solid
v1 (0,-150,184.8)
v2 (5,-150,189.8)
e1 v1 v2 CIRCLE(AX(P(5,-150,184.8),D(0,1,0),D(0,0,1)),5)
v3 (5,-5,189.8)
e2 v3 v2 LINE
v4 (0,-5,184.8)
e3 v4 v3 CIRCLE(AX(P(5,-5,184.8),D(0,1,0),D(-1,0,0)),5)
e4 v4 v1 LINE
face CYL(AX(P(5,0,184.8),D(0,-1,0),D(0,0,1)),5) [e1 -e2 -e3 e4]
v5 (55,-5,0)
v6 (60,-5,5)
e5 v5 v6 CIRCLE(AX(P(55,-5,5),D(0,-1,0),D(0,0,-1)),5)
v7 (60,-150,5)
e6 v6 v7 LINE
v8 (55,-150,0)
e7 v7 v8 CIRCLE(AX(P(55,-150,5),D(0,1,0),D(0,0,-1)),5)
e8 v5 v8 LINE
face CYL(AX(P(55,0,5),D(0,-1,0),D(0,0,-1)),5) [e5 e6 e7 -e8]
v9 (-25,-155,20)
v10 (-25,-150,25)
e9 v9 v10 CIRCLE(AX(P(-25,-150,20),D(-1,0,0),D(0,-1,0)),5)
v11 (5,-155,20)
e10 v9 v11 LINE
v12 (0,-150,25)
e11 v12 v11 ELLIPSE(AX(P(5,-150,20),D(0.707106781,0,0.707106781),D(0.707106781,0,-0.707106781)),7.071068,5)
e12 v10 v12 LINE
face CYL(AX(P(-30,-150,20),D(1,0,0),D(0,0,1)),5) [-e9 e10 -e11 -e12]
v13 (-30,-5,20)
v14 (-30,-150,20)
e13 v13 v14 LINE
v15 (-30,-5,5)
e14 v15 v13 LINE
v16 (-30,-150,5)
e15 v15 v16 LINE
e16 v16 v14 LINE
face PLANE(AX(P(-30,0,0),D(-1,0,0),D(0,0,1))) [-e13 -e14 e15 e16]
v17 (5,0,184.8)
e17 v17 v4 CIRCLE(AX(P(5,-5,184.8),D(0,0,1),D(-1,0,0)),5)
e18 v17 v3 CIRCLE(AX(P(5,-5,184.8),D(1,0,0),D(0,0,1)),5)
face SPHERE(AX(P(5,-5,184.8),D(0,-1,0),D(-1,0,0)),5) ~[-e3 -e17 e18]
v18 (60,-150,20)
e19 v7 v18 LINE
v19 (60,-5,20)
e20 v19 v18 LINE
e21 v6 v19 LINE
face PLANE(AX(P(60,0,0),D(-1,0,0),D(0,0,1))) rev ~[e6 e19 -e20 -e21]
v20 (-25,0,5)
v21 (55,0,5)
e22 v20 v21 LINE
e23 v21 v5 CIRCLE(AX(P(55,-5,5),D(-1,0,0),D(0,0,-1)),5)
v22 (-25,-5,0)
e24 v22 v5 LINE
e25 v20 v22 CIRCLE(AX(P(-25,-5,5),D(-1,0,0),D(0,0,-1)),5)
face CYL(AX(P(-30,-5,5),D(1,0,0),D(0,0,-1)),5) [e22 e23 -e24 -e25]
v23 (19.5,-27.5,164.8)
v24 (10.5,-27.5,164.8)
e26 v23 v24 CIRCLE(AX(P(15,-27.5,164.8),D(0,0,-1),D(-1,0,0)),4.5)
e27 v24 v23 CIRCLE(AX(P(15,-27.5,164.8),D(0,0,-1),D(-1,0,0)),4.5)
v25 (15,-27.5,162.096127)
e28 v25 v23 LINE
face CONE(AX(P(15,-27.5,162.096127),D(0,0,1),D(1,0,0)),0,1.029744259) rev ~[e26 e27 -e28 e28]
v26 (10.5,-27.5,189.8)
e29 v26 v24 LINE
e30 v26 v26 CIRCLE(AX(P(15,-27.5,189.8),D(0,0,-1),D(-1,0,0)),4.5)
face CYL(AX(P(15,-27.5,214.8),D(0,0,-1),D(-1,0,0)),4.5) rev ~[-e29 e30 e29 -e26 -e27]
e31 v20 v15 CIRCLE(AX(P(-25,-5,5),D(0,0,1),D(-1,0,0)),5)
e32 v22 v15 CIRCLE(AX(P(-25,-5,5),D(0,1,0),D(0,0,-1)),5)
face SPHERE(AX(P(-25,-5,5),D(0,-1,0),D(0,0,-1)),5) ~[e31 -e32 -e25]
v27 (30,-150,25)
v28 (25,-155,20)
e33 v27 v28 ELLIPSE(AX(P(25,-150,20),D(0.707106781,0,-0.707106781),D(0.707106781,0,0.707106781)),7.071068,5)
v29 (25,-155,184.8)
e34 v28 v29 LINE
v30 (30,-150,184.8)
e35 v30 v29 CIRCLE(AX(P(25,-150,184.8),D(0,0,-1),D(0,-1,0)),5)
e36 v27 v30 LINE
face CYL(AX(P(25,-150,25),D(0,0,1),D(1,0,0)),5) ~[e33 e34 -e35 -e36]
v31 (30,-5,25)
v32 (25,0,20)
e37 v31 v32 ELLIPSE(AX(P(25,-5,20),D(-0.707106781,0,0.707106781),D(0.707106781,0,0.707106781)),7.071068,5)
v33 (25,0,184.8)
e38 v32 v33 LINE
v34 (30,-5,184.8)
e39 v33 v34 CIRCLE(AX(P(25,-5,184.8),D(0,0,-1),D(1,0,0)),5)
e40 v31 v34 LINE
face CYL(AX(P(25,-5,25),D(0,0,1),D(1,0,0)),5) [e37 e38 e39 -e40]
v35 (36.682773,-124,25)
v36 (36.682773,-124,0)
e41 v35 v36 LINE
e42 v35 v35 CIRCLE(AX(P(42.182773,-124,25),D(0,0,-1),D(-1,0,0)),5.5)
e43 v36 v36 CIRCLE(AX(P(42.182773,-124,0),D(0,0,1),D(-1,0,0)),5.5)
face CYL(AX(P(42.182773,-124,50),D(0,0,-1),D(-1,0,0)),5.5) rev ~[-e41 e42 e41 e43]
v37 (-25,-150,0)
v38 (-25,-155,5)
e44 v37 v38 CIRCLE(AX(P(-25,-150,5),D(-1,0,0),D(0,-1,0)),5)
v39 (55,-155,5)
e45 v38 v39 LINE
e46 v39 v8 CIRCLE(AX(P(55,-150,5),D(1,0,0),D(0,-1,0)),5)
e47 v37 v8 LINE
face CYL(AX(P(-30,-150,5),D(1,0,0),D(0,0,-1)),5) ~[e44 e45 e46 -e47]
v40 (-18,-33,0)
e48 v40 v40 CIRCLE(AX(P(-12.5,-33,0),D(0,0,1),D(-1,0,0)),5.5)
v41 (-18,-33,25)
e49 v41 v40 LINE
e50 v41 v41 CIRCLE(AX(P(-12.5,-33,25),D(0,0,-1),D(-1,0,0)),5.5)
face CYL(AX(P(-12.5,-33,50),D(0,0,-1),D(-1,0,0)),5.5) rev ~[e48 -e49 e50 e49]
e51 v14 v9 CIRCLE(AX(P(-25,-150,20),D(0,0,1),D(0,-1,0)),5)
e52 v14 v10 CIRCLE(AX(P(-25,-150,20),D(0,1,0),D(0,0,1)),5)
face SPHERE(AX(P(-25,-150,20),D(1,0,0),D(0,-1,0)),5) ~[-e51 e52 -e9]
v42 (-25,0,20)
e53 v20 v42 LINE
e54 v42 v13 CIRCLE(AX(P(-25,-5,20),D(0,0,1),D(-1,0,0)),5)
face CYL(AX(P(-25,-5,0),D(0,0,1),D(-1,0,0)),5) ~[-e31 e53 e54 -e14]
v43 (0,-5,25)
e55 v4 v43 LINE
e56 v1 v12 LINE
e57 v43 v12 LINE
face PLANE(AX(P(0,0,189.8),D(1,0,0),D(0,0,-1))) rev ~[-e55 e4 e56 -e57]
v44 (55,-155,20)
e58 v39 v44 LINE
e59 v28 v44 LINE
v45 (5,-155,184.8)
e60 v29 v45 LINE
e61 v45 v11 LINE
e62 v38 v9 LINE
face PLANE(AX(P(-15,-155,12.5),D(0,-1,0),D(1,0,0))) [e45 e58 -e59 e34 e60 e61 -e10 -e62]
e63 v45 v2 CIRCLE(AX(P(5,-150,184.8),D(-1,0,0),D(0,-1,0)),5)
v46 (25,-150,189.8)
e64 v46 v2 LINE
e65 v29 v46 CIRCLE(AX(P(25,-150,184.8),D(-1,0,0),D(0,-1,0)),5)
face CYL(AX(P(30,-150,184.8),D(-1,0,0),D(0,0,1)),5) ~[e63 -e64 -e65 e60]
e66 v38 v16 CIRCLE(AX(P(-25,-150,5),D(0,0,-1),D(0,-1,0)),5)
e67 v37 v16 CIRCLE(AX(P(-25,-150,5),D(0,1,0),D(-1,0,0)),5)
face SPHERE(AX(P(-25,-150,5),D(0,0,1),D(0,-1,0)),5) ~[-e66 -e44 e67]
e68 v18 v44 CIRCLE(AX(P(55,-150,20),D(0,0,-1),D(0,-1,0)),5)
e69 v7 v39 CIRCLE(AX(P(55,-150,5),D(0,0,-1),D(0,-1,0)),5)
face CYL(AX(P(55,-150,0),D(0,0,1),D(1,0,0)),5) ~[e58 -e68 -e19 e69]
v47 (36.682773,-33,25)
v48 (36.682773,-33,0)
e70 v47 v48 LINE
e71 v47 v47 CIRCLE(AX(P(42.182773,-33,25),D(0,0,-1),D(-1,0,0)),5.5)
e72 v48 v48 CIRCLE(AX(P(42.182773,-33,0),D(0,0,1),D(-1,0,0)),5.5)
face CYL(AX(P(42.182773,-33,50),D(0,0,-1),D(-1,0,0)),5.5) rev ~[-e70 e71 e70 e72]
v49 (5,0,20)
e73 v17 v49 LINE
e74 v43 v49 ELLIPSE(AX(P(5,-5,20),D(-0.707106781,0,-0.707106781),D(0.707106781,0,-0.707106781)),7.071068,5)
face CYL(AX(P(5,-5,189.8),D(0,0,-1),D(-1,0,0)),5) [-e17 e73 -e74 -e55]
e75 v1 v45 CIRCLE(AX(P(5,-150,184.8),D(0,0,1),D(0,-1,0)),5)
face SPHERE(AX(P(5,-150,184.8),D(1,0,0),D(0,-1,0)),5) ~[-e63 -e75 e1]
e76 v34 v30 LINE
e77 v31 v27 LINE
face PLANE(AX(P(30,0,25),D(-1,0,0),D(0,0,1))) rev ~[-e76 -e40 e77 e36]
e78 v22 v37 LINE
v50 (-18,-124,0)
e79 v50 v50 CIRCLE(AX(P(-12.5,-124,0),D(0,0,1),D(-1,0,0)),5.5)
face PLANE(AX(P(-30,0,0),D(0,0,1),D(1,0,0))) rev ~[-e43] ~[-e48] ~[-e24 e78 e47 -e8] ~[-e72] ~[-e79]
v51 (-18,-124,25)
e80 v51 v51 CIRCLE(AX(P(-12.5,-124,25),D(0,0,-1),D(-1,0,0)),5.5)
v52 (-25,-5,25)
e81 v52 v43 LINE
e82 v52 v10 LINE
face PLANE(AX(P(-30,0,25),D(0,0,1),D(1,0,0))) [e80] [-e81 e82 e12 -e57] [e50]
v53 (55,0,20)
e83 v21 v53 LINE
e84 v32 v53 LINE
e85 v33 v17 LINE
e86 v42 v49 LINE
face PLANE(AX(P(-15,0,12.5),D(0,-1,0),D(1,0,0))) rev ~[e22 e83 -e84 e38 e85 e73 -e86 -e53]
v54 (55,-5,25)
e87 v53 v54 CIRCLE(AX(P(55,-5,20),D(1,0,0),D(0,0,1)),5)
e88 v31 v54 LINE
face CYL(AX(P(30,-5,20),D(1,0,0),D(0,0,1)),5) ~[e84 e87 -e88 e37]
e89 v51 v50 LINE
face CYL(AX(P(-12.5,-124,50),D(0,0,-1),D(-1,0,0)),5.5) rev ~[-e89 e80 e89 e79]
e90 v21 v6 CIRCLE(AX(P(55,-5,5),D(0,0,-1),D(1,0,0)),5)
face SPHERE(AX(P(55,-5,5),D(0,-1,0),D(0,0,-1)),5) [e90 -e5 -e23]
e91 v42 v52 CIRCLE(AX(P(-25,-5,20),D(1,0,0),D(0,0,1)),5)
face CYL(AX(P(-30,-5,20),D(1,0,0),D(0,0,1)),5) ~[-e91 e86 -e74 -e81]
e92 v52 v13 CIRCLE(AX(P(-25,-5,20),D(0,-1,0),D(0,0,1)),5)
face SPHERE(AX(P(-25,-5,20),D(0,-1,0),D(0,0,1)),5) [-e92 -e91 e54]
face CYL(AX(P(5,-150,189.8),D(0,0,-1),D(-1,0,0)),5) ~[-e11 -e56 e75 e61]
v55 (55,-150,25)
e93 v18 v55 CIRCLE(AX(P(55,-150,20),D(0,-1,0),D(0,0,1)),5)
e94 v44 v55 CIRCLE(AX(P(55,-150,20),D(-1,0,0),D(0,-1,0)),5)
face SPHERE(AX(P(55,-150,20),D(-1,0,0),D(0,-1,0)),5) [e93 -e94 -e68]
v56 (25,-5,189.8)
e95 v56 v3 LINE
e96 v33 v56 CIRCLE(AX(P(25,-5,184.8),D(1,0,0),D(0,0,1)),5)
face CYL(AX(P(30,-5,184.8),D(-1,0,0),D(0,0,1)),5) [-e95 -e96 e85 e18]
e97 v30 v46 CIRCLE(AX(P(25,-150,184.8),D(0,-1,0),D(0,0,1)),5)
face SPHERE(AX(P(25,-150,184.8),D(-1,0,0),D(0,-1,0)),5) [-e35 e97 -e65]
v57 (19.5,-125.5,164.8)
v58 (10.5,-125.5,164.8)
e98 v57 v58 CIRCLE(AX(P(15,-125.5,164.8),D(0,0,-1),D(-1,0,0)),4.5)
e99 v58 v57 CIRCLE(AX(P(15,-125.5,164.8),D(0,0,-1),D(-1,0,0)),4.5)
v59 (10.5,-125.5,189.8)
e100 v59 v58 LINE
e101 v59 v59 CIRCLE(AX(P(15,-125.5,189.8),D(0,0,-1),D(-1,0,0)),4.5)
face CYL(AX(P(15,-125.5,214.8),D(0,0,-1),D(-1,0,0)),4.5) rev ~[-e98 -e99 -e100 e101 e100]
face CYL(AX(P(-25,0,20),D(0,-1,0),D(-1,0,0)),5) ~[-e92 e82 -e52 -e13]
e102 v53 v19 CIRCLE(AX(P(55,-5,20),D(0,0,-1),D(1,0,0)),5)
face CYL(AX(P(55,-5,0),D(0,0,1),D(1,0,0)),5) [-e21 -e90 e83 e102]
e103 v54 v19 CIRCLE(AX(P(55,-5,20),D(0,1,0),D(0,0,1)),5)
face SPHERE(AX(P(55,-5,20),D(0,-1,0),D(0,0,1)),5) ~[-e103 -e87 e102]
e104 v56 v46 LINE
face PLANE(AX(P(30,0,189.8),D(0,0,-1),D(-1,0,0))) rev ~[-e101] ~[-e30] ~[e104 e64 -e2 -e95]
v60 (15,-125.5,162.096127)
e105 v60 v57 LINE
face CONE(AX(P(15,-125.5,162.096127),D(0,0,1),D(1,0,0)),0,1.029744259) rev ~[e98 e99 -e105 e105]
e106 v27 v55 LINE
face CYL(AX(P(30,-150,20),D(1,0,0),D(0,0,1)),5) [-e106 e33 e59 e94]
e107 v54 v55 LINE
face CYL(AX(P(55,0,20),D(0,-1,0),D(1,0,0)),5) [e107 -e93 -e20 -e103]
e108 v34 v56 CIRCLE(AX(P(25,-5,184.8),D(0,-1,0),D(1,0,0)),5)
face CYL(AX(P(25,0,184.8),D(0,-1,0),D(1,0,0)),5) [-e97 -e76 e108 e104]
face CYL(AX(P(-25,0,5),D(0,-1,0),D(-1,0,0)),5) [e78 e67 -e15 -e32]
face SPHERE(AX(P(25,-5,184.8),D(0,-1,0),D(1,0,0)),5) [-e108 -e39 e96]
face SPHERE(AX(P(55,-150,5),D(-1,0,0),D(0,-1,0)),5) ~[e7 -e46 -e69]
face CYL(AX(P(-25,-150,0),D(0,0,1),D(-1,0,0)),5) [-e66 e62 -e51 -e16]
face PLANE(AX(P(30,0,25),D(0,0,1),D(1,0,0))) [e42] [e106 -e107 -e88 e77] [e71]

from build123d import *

# Parameters (mm, degrees)
F0_W     = 30
F0_H     = 25
F1_DEPTH = 155
F2_R     = 5
F4_D     = 9
F4_DEPTH = 25
F4_TIP   = 2.7038727856
F6_D     = 11
F6_DEPTH = 25
F6_TIP   = 3.3047334047


with BuildPart() as f1:
    # F0 (on Front) → F1 (new body)
    with BuildSketch(Plane.XZ):
        with Locations((-15, 12.5)):
            Rectangle(F0_W, F0_H)
        Polygon((0, 25), (0, 0), (30, 0), (30, 25), (30, 189.8), (0, 189.8), align=None)
        with Locations((45, 12.5)):
            Rectangle(F0_W, F0_H)
    extrude(amount=F1_DEPTH)

    # F2
    f2_edges = [f1.edges().sort_by_distance(p)[0] for p in [
        (15, -155, 189.8),
        (0, -155, 107.4),
        (30, -155, 107.4),
        (45, -155, 25),
        (-15, -155, 25),
        (-30, -155, 12.5),
        (15, -155, 0),
        (60, -155, 12.5),
        (60, -77.5, 25),
        (60, -77.5, 0),
        (-30, -77.5, 25),
        (-30, -77.5, 0),
        (0, -77.5, 189.8),
        (30, -77.5, 189.8),
        (0, 0, 107.4),
        (30, 0, 107.4),
        (45, 0, 25),
        (15, 0, 0),
        (-15, 0, 25),
        (-30, 0, 12.5),
        (60, 0, 12.5),
        (15, 0, 189.8),
    ]]
    fillet(f2_edges, radius=F2_R)

    # F4
    with Locations(Plane.XY.offset(189.8)):
        with Locations((15, -27.5), (15, -125.5)):
            Hole(F4_D / 2, depth=F4_DEPTH)
            with Locations((0, 0, -(F4_DEPTH + F4_TIP / 2))):  # 118° drill point
                Cone(0, F4_D / 2, F4_TIP, mode=Mode.SUBTRACT)

    # F6
    with Locations(Plane.XY.offset(25)):
        with Locations((-12.5, -33), (-12.5, -124), (42.1827733517, -33), (42.1827733517, -124)):
            Hole(F6_D / 2, depth=F6_DEPTH)
            with Locations((0, 0, -(F6_DEPTH + F6_TIP / 2))):  # 118° drill point
                Cone(0, F6_D / 2, F6_TIP, mode=Mode.SUBTRACT)


solid = f1.part
